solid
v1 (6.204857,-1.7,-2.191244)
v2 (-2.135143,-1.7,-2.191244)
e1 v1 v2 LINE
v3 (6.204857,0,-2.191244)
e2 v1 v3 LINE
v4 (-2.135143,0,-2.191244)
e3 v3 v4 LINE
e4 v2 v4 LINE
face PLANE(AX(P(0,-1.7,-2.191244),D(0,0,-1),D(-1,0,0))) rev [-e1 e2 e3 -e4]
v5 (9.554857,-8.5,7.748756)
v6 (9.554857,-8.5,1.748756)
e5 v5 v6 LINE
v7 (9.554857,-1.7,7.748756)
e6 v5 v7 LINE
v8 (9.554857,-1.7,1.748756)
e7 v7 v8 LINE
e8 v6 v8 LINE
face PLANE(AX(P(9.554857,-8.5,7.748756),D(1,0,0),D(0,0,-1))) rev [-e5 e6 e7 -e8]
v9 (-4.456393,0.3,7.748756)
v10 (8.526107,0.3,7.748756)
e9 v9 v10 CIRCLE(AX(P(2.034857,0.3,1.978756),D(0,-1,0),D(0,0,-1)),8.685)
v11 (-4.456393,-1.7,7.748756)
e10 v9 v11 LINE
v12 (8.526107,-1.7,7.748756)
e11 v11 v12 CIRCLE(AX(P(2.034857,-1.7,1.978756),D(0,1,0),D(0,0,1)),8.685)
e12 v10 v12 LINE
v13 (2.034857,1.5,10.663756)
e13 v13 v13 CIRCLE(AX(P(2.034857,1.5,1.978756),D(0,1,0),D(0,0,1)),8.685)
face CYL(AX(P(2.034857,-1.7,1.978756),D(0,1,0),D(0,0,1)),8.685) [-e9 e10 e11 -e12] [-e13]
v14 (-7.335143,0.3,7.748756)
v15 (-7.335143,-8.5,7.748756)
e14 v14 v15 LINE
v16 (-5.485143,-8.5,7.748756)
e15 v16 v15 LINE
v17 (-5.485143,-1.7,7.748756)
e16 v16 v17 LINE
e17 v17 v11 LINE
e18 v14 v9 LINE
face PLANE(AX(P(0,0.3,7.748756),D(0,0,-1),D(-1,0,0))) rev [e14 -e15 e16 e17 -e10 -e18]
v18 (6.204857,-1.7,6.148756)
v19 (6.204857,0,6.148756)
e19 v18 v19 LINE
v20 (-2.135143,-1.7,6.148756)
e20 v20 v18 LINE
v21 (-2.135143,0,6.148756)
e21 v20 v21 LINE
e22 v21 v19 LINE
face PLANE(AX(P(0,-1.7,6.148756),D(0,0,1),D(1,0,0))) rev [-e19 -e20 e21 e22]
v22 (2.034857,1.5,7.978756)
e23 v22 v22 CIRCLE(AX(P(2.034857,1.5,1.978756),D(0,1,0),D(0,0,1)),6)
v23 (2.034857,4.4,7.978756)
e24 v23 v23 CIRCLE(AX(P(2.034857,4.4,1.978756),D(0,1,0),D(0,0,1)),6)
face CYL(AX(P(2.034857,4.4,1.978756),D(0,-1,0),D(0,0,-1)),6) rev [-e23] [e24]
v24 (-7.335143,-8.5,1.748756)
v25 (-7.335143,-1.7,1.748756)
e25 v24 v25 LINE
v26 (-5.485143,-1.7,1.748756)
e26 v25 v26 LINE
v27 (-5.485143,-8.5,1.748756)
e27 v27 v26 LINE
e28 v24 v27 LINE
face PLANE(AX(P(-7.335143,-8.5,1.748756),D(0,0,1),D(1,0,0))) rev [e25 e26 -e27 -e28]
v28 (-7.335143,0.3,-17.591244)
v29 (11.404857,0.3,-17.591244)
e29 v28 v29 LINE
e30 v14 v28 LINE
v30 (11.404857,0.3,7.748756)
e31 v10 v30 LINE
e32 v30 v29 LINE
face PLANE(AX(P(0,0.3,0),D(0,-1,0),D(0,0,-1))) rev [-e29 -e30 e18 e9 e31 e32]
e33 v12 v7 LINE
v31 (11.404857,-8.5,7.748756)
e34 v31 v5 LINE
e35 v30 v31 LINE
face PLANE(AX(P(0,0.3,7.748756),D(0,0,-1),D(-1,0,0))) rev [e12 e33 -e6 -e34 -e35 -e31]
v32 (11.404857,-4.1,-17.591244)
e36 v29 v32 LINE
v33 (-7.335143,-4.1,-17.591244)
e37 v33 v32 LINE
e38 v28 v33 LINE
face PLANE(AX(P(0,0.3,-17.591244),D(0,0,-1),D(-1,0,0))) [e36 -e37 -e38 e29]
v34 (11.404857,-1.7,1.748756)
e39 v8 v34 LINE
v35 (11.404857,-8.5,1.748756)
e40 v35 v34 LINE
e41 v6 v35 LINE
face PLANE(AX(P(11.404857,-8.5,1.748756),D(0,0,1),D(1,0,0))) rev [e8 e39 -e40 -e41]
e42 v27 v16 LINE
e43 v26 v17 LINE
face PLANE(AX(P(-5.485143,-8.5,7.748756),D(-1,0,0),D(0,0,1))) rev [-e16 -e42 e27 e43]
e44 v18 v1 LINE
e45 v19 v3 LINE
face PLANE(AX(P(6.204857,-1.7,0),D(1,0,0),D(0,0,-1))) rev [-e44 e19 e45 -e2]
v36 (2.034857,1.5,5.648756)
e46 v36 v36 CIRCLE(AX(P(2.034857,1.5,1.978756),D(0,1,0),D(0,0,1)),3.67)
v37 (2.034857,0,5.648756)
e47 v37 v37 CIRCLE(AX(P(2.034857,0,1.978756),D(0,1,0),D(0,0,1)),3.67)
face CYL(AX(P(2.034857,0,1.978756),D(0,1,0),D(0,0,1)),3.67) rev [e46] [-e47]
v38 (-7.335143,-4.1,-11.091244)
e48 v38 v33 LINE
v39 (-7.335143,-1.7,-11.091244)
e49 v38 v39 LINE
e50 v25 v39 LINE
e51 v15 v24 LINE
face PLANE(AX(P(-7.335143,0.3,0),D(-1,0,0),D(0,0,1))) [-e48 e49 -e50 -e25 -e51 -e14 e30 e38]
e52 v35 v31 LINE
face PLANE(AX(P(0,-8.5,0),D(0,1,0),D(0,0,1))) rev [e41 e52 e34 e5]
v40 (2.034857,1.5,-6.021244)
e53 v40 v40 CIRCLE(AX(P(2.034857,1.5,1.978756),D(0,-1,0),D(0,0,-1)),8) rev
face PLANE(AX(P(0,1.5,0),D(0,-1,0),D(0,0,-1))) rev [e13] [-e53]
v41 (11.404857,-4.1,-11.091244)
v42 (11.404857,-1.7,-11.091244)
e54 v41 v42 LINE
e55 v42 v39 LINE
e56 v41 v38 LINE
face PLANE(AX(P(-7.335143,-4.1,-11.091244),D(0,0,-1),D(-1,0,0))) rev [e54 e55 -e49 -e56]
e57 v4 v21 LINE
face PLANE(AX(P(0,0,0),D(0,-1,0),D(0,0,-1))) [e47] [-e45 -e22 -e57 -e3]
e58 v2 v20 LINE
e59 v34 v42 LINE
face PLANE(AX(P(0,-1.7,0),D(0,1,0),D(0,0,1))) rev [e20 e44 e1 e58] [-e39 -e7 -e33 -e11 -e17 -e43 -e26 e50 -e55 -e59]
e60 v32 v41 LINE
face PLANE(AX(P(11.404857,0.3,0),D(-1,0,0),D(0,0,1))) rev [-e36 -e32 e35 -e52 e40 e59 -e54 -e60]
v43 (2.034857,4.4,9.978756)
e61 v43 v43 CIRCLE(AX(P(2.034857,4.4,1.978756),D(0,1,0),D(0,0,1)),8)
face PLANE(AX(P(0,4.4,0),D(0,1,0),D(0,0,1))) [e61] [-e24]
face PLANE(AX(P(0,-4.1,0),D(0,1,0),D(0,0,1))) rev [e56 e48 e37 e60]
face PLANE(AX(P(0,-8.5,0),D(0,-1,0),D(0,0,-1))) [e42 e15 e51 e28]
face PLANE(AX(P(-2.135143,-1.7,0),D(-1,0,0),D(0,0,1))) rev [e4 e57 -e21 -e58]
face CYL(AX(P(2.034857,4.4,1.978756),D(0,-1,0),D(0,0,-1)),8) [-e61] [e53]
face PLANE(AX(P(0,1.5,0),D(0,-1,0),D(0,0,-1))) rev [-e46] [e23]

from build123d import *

# Parameters (mm, degrees)
SKETCH2_W           = 8.34
SKETCH2_H           = 8.34
BOSS_EXTRUDE2_DEPTH = 1.5
CUT_EXTRUDE1_DEPTH  = 1.5
BOSS_EXTRUDE4_DEPTH = 3.2
SKETCH6_R           = 8.685
SKETCH6_W           = 11.34
SKETCH6_H           = 11.34
BOSS_EXTRUDE5_DEPTH = 3.2
SKETCH8_R           = 8
SKETCH8_R_2         = 6
BOSS_EXTRUDE6_DEPTH = 2.9
BOSS_EXTRUDE7_START = -2
BOSS_EXTRUDE7_DEPTH = 2
SKETCH11_W          = 18.74
SKETCH11_H          = 6.5
BOSS_EXTRUDE8_DEPTH = 2.4
SKETCH12_W          = 1.85
SKETCH12_H          = 6
BOSS_EXTRUDE9_DEPTH = 6.8


with BuildPart() as part:
    # Sketch2 → Boss-Extrude2 (new body)
    with BuildSketch(Plane(origin=(0, 0, 0), x_dir=(1, 0, 0), z_dir=(0, 1, 0))):
        with Locations((2.034857004, -1.978756257)):
            Rectangle(SKETCH2_W, SKETCH2_H)
    extrude(amount=BOSS_EXTRUDE2_DEPTH)

    # Sketch3 → Cut-Extrude1 (cut)
    with BuildSketch(Plane(origin=(0, 1.5, 0), x_dir=(1, 0, 0), z_dir=(0, 1, 0))):
        with BuildLine():
            ThreePointArc((5.704857004, -1.978756257), (4.629938891, 0.61632563), (2.034857004, 1.691243743))
            Line((2.034857004, 1.691243743), (2.034857004, -5.648756257))
            ThreePointArc((2.034857004, -5.648756257), (4.629938891, -4.573838143), (5.704857004, -1.978756257))
        make_face()
        with BuildLine():
            Line((2.034857004, -5.648756257), (2.034857004, 1.691243743))
            ThreePointArc((2.034857004, 1.691243743), (-1.635142996, -1.978756257), (2.034857004, -5.648756257))
        make_face()
    extrude(amount=-CUT_EXTRUDE1_DEPTH, mode=Mode.SUBTRACT)

    # Sketch5 → Boss-Extrude4 (add)
    with BuildSketch(Plane(origin=(0, 1.5, 0), x_dir=(1, 0, 0), z_dir=(0, 1, 0))):
        Polygon((-2.135142996, -6.148756257), (-2.135142996, 2.191243743), (-3.635142996, 2.191243743), (-3.635142996, -7.648756257), (6.204857004, -7.648756257), (6.204857004, -6.148756257), align=None)
        Polygon((7.704857004, 3.691243743), (7.704857004, -7.648756257), (6.204857004, -7.648756257), (6.204857004, -6.148756257), (6.204857004, 2.191243743), (-2.135142996, 2.191243743), (-3.635142996, 2.191243743), (-3.635142996, 3.691243743), align=None)
    extrude(amount=-BOSS_EXTRUDE4_DEPTH)

    # Sketch6 → Boss-Extrude5 (add)
    with BuildSketch(Plane(origin=(0, 1.5, 0), x_dir=(1, 0, 0), z_dir=(0, 1, 0))):
        with Locations(Location((2.034857004, -1.978756257, 0), (0, 0, 270))):
            Circle(SKETCH6_R)
        with Locations((2.034857004, -1.978756257)):
            Rectangle(SKETCH6_W, SKETCH6_H, mode=Mode.SUBTRACT)
    extrude(amount=-BOSS_EXTRUDE5_DEPTH)

    # Sketch8 → Boss-Extrude6 (add)
    with BuildSketch(Plane(origin=(0, 1.5, 0), x_dir=(1, 0, 0), z_dir=(0, 1, 0))):
        with Locations(Location((2.034857004, -1.978756257, 0), (0, 0, 90))):
            Circle(SKETCH8_R)
        with Locations(Location((2.034857004, -1.978756257, 0), (0, 0, 270))):
            Circle(SKETCH8_R_2, mode=Mode.SUBTRACT)
    extrude(amount=BOSS_EXTRUDE6_DEPTH)

    # Sketch10 → Boss-Extrude7 (add)
    with BuildSketch(Plane.XZ.offset(1.7).offset(BOSS_EXTRUDE7_START)):
        with BuildLine():
            Line((6.204857004, -17.591243743), (6.204857004, -5.639663855))
            ThreePointArc((6.204857004, -5.639663855), (-4.10636539, -4.162466138), (-5.583563108, 6.148756257))
            Line((-5.583563108, 6.148756257), (-7.335142996, 6.148756257))
            Line((-7.335142996, 6.148756257), (-7.335142996, -17.591243743))
            Line((-7.335142996, -17.591243743), (6.204857004, -17.591243743))
        make_face()
        with BuildLine():
            Line((-7.335142996, 6.148756257), (-5.583563108, 6.148756257))
            ThreePointArc((-5.583563108, 6.148756257), (-5.065192067, 6.980608732), (-4.456392875, 7.748756257))
            Line((-4.456392875, 7.748756257), (-7.335142996, 7.748756257))
            Line((-7.335142996, 7.748756257), (-7.335142996, 6.148756257))
        make_face()
        with BuildLine():
            ThreePointArc((8.526106884, 7.748756257), (9.134906076, 6.980608732), (9.653277116, 6.148756257))
            Line((9.653277116, 6.148756257), (11.404857004, 6.148756257))
            Line((11.404857004, 6.148756257), (11.404857004, 7.748756257))
            Line((11.404857004, 7.748756257), (8.526106884, 7.748756257))
        make_face()
        with BuildLine():
            ThreePointArc((10.719857004, 1.978756257), (9.506325233, -2.449153804), (6.204857004, -5.639663855))
            Line((6.204857004, -5.639663855), (6.204857004, -17.591243743))
            Line((6.204857004, -17.591243743), (11.404857004, -17.591243743))
            Line((11.404857004, -17.591243743), (11.404857004, 6.148756257))
            Line((11.404857004, 6.148756257), (9.653277116, 6.148756257))
            ThreePointArc((9.653277116, 6.148756257), (10.448988084, 4.130876877), (10.719857004, 1.978756257))
        make_face()
    extrude(amount=BOSS_EXTRUDE7_DEPTH)

    # Sketch11 → Boss-Extrude8 (add)
    with BuildSketch(Plane.XZ.offset(1.7)):
        with Locations((2.034857004, -14.341243743)):
            Rectangle(SKETCH11_W, SKETCH11_H)
    extrude(amount=BOSS_EXTRUDE8_DEPTH)

    # Sketch12 → Boss-Extrude9 (add)
    with BuildSketch(Plane.XZ.offset(1.7)):
        with Locations((-6.410142996, 4.748756257)):
            Rectangle(SKETCH12_W, SKETCH12_H)
        with Locations((10.479857004, 4.748756257)):
            Rectangle(SKETCH12_W, SKETCH12_H)
    extrude(amount=BOSS_EXTRUDE9_DEPTH)


solid = part.part
